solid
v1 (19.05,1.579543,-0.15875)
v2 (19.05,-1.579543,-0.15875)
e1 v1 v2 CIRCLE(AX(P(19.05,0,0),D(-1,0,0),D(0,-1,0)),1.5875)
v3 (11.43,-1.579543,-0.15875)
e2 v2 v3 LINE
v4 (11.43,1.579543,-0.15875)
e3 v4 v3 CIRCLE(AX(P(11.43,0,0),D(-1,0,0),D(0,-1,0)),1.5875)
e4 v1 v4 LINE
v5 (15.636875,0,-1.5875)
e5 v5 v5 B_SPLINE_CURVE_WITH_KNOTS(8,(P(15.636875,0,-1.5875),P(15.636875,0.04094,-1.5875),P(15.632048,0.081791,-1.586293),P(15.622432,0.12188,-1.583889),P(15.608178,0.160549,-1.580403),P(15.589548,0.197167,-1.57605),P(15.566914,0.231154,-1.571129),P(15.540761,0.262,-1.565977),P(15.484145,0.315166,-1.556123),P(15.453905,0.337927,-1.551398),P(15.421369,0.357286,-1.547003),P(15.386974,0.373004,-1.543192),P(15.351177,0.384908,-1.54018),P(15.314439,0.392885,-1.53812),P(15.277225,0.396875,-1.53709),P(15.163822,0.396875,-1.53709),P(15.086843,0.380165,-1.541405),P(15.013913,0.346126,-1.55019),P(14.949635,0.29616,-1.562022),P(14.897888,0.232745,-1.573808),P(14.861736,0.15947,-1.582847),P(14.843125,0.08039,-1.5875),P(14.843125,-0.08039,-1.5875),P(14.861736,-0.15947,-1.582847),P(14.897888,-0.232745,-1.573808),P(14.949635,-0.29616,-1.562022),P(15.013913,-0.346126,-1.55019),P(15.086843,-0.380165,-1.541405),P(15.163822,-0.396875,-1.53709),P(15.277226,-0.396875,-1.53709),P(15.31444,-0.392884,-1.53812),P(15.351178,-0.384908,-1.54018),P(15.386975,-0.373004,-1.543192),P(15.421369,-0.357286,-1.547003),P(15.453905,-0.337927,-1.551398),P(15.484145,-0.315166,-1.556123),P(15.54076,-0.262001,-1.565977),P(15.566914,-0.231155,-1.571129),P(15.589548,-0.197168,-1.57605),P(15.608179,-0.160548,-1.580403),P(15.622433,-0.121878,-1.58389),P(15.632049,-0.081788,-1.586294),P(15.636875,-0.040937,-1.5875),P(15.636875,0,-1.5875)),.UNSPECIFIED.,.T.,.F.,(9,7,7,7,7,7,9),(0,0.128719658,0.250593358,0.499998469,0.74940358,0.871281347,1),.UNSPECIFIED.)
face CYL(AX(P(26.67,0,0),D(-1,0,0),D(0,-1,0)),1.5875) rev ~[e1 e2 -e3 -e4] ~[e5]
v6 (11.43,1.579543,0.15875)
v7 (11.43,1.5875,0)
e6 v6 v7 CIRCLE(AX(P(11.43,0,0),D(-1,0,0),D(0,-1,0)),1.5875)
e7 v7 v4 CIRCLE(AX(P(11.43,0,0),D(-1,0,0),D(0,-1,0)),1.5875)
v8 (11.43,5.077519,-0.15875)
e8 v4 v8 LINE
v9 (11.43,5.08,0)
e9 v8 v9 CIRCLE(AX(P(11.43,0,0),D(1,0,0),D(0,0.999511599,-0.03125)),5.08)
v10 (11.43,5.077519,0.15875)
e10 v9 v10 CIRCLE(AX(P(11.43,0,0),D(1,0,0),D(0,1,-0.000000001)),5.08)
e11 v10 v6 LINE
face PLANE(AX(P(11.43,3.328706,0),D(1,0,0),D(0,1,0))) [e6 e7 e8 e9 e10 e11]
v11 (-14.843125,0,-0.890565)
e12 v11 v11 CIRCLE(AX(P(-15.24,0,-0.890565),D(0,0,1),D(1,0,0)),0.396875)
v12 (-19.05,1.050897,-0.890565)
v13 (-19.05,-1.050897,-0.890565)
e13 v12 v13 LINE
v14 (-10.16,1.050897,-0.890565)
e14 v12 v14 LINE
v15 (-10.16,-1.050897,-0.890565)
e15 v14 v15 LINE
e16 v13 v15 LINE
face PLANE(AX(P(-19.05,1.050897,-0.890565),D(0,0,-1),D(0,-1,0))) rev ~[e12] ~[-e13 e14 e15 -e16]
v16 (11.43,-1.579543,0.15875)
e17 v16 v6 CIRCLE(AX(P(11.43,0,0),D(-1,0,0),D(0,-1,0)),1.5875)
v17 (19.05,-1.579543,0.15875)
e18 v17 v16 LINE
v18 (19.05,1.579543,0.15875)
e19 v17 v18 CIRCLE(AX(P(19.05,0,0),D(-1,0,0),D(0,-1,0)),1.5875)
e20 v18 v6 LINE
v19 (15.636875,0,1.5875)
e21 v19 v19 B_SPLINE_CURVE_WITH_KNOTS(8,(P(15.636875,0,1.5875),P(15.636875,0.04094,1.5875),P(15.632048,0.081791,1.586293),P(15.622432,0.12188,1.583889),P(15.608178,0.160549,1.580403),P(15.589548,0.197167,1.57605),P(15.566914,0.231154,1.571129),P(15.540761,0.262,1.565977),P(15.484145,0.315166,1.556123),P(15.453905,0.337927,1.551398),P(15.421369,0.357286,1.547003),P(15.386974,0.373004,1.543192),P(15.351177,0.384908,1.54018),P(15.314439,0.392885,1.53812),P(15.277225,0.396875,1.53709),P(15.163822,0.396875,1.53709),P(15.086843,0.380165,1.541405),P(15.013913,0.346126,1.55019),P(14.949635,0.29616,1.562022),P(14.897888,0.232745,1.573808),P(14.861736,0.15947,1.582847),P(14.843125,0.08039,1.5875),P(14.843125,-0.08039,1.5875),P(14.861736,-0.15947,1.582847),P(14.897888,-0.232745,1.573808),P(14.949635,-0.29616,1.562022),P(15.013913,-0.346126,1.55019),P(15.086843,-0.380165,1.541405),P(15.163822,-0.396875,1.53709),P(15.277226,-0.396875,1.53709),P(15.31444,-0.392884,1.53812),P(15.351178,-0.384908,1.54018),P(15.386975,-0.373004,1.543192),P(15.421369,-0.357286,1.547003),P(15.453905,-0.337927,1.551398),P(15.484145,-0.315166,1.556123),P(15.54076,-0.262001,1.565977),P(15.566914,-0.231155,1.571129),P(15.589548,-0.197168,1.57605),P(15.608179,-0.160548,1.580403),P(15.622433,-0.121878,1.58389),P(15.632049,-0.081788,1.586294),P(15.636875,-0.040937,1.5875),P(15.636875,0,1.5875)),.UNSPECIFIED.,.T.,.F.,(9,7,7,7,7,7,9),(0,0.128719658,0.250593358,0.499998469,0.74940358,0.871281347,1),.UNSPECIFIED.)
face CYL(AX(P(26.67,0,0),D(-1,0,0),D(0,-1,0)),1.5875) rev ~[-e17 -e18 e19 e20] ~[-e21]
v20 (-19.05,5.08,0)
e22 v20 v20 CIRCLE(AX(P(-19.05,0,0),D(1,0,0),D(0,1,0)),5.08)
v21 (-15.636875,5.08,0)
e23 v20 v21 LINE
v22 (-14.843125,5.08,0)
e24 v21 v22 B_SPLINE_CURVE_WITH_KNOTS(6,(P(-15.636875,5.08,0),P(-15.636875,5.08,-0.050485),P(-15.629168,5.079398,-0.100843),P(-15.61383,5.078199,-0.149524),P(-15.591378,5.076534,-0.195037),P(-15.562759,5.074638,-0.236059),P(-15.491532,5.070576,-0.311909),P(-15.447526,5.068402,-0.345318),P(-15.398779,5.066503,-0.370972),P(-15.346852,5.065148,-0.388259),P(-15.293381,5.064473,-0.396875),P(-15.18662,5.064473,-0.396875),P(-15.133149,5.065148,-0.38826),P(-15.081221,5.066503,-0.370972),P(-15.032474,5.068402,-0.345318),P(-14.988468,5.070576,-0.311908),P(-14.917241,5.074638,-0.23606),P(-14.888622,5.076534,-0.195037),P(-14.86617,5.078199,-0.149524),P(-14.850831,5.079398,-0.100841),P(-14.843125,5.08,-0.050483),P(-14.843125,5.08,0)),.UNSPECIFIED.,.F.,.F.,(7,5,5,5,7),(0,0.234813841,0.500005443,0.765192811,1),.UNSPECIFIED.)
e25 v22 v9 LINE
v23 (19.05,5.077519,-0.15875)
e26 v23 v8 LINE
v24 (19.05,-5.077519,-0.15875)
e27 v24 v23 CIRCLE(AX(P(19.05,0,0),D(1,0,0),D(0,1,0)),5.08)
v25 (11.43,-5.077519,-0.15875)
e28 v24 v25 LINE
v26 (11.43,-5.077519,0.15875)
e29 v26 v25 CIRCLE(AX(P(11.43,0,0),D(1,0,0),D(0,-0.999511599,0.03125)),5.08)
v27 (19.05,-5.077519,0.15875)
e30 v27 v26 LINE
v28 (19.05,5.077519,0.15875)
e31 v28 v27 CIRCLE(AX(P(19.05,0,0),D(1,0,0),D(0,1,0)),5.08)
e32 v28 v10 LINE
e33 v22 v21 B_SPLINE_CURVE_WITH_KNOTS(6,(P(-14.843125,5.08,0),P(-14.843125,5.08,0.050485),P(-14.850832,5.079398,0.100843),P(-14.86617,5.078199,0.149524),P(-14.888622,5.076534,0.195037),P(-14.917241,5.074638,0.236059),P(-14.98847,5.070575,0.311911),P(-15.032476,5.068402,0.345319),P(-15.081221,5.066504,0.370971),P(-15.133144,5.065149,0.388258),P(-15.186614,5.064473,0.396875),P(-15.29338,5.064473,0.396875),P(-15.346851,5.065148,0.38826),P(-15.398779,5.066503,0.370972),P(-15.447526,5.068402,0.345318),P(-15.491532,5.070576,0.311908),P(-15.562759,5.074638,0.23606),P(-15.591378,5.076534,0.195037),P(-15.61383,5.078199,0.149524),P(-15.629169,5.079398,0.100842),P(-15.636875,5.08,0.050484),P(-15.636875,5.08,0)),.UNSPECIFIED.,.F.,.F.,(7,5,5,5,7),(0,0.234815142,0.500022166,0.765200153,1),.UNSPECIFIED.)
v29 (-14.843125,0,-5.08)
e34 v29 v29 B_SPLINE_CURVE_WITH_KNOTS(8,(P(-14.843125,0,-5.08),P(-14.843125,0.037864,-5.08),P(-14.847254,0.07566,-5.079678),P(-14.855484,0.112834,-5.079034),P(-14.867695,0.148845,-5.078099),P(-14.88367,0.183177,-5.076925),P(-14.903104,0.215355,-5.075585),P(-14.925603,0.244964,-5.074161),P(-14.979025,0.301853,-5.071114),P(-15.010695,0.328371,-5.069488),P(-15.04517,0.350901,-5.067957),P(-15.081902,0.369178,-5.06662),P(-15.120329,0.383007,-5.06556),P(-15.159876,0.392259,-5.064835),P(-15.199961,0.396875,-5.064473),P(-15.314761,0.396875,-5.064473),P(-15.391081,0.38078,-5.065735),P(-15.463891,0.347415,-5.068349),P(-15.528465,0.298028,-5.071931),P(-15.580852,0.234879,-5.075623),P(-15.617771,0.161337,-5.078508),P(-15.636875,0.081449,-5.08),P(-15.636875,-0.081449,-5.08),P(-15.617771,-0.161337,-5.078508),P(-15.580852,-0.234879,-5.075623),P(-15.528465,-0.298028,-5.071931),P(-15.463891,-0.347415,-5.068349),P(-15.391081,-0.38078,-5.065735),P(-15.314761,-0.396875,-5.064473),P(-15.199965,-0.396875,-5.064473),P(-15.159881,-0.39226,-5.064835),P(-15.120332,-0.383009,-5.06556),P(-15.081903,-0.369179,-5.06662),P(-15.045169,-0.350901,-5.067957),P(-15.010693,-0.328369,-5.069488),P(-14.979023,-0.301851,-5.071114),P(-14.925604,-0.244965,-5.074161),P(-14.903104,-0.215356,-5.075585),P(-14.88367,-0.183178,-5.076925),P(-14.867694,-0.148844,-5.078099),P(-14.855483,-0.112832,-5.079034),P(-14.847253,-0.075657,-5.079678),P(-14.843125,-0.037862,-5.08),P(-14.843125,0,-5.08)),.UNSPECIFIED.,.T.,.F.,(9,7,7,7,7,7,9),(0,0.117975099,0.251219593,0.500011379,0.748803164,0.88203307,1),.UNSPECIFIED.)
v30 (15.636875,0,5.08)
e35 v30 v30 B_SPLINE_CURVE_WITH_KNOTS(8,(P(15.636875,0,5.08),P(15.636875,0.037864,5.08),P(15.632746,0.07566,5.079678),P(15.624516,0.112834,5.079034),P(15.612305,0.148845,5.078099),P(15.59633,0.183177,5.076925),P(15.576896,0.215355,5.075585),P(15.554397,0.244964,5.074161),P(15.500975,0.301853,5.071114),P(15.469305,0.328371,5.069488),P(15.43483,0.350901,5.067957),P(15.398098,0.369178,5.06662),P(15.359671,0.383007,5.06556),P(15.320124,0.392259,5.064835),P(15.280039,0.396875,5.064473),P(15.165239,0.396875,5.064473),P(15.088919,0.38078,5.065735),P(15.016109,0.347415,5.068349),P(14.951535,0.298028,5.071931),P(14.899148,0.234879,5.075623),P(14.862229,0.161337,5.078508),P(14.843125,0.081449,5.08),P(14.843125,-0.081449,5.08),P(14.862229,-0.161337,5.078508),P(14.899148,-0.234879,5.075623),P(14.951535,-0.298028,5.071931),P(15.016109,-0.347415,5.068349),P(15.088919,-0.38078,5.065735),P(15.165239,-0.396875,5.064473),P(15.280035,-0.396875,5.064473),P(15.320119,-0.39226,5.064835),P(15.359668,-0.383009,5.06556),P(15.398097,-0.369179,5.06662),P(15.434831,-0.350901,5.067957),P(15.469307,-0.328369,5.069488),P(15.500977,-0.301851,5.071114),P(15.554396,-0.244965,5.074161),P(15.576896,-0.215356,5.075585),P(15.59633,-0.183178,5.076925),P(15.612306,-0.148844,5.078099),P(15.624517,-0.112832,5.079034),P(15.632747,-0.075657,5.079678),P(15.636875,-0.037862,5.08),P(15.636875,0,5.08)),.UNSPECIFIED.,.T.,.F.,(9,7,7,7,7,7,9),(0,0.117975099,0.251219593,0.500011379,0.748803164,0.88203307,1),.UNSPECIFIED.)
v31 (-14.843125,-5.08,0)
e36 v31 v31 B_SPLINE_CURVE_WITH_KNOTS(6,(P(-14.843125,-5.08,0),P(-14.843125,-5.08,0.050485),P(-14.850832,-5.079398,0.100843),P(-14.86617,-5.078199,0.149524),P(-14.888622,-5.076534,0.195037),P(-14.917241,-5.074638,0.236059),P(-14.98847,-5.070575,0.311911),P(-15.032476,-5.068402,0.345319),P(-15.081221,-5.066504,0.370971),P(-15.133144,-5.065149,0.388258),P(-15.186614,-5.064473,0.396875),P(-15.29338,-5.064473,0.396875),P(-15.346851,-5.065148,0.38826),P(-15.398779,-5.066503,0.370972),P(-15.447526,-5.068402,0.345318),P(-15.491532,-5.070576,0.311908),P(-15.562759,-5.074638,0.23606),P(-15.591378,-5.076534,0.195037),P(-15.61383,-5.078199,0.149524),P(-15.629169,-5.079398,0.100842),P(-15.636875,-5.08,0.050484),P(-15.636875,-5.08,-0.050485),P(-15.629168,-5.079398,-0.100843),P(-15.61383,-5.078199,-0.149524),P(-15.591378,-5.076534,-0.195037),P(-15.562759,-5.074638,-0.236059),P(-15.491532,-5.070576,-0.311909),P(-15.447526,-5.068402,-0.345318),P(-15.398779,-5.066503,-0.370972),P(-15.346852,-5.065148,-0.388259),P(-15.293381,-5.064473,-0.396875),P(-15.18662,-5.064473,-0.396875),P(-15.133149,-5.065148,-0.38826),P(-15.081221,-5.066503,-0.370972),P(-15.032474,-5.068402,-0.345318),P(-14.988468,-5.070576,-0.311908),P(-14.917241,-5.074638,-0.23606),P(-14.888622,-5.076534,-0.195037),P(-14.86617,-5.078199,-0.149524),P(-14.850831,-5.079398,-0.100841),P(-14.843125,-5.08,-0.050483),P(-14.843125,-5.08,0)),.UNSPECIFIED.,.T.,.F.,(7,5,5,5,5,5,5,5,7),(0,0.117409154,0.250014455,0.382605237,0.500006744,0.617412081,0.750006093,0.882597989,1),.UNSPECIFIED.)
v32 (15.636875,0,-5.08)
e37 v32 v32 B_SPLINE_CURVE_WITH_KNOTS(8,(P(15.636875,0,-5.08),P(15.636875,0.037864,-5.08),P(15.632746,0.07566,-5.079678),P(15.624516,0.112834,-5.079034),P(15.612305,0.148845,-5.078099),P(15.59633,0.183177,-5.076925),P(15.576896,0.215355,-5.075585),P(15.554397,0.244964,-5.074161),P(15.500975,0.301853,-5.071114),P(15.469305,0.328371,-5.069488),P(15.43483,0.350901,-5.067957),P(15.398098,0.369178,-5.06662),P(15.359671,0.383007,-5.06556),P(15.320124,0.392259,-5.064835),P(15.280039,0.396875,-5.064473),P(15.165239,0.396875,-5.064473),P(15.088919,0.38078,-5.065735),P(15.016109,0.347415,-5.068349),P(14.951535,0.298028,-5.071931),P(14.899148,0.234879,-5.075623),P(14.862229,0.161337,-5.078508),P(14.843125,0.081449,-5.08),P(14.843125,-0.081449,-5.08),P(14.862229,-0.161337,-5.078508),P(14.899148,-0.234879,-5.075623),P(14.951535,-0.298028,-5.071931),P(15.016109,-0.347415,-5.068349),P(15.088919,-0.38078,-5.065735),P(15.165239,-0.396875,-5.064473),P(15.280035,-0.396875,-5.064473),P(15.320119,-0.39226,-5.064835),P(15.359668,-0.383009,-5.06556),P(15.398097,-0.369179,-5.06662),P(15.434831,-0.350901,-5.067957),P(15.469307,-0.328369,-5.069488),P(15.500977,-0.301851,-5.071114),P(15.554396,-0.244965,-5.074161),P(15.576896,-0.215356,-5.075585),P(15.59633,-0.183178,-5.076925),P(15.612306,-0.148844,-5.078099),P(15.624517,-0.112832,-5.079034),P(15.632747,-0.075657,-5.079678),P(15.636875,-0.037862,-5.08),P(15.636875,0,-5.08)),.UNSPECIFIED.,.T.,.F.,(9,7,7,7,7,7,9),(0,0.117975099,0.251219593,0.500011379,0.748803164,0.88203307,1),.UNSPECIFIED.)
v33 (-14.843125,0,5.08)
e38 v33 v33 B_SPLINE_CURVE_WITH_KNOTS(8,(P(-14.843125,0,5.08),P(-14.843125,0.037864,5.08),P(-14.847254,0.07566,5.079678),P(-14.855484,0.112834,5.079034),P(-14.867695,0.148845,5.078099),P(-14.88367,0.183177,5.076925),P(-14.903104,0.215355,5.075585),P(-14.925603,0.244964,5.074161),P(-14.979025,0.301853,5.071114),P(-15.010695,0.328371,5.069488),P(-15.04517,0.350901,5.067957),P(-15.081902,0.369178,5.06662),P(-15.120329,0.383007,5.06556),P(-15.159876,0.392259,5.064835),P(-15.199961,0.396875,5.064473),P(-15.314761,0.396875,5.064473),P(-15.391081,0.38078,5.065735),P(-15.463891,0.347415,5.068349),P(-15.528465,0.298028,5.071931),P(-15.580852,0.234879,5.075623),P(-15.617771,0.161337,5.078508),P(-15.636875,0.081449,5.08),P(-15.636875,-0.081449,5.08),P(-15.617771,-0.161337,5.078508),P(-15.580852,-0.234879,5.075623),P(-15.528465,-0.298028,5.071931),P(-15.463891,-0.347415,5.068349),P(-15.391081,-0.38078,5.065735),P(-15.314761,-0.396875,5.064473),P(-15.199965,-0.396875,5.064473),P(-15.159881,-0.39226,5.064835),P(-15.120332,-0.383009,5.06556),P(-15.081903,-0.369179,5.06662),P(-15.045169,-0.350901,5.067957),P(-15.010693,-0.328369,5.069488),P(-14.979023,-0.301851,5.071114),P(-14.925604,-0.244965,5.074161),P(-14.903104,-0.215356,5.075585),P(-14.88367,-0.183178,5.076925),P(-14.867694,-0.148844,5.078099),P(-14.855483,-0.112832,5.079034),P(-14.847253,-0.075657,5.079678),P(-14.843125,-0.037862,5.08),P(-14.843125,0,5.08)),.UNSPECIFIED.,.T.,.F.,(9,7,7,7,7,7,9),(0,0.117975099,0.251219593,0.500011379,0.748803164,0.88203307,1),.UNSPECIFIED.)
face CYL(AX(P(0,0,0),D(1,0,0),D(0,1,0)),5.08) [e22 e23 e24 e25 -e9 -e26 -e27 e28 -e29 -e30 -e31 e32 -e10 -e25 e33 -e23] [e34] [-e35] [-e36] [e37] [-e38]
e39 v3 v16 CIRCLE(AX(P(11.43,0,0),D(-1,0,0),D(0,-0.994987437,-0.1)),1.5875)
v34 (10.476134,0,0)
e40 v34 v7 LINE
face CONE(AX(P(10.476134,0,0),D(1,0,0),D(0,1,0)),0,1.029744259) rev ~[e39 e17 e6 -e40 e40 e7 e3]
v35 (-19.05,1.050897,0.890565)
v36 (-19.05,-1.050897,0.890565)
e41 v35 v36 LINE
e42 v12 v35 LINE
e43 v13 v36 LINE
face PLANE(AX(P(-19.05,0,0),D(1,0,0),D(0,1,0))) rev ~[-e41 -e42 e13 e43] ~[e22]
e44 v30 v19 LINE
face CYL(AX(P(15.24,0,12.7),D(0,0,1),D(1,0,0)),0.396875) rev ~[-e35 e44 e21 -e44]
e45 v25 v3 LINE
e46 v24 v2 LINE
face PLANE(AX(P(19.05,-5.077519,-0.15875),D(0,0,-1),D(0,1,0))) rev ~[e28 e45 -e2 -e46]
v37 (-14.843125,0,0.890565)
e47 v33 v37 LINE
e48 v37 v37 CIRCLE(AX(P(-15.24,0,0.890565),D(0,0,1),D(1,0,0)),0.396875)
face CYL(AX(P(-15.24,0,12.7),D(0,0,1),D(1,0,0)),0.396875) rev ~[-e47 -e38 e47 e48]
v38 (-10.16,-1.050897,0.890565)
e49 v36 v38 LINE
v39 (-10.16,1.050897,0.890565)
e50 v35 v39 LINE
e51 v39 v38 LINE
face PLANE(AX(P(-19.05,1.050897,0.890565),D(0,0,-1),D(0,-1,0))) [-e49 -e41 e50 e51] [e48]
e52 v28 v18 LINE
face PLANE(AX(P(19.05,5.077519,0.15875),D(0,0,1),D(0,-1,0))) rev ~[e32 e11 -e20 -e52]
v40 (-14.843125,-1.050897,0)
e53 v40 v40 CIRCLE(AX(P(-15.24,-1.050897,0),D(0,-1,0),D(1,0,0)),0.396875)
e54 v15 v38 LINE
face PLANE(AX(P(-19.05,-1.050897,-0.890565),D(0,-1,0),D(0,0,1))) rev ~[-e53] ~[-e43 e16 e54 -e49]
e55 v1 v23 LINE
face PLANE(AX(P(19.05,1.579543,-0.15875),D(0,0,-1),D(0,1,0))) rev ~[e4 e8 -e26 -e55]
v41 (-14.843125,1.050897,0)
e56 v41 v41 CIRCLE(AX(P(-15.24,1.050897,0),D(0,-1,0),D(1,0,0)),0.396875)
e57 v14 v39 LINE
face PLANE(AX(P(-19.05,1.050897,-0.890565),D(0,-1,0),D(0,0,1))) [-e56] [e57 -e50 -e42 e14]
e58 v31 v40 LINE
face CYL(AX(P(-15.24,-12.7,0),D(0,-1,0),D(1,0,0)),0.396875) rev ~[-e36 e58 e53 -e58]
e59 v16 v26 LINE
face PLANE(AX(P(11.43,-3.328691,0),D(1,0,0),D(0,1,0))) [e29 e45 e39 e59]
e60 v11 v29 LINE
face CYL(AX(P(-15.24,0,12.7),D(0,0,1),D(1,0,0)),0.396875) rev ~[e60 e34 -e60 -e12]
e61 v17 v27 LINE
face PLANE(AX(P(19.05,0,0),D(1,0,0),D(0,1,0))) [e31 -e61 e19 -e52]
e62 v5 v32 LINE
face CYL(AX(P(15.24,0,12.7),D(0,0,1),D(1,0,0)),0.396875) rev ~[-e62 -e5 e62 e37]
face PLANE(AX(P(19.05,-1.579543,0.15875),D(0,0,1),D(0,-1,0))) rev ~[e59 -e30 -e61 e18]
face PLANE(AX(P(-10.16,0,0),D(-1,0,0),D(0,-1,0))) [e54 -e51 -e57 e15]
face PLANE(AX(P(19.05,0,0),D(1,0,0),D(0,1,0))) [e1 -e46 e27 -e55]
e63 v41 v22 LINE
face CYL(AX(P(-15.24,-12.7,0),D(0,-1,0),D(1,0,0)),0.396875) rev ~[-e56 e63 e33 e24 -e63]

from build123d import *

# Parameters (mm, degrees)
F0_R      = 5.08
F1_DEPTH  = 19.05
F3_D      = 3.175
F3_DEPTH  = 7.62
F3_TIP    = 0.9538662327
F4_W      = 2.1017943509
F4_H      = 1.7811305588
F5_DEPTH  = 8.89
F7_DEPTH  = 7.62
F9_R      = 0.396875
F10_DEPTH = 17.781
F12_R     = 0.396875
F13_DEPTH = 25.4


with BuildPart() as f1:
    # F0 (on Right) → F1 (new body, symmetric)
    with BuildSketch(Plane.YZ):
        Circle(F0_R)
    extrude(amount=F1_DEPTH, both=True)

    # F3
    with Locations(Plane.YZ.offset(19.05)):
        with Locations((0, 0)):
            Hole(F3_D / 2, depth=F3_DEPTH)
            with Locations((0, 0, -(F3_DEPTH + F3_TIP / 2))):  # 118° drill point
                Cone(0, F3_D / 2, F3_TIP, mode=Mode.SUBTRACT)

    # F4 (on face) → F5 (cut)
    with BuildSketch(Plane(origin=(-19.05, 0, 0), x_dir=(0, -1, 0), z_dir=(-1, 0, 0))):
        Rectangle(F4_W, F4_H)
    extrude(amount=-F5_DEPTH, mode=Mode.SUBTRACT)

    # F6 (on face) → F7 (cut)
    with BuildSketch(Plane.YZ.offset(19.05)):
        with BuildLine():
            ThreePointArc((5.08, 0), (5.0793796935, 0.0793846935), (5.0775189254, 0.15875))
            Line((5.0775189254, 0.15875), (1.5795425564, 0.15875))
            ThreePointArc((1.5795425564, 0.15875), (1.5855093911, 0.0794746554), (1.5875, 0))
            ThreePointArc((1.5875, 0), (1.5855093911, -0.0794746554), (1.5795425564, -0.15875))
            Line((1.5795425564, -0.15875), (5.0775189254, -0.15875))
            ThreePointArc((5.0775189254, -0.15875), (5.0793796935, -0.0793846935), (5.08, 0))
        make_face()
        with BuildLine():
            Line((-1.5795425564, 0.15875), (-5.0775189254, 0.15875))
            ThreePointArc((-5.0775189254, 0.15875), (-5.08, 0), (-5.0775189254, -0.15875))
            Line((-5.0775189254, -0.15875), (-1.5795425564, -0.15875))
            ThreePointArc((-1.5795425564, -0.15875), (-1.5875, 0), (-1.5795425564, 0.15875))
        make_face()
    extrude(amount=-F7_DEPTH, mode=Mode.SUBTRACT)

    # F9 (on offset) → F10 (cut, through all)
    with BuildSketch(Plane.XY.offset(12.7)):
        with Locations((-15.24, 0)):
            Circle(F9_R)
        with Locations((15.24, 0)):
            Circle(F9_R)
    extrude(amount=-F10_DEPTH, mode=Mode.SUBTRACT)

    # F12 (on offset) → F13 (cut)
    with BuildSketch(Plane.XZ.offset(12.7)):
        with Locations((-15.24, 0)):
            Circle(F12_R)
    extrude(amount=-F13_DEPTH, mode=Mode.SUBTRACT)


solid = f1.part
